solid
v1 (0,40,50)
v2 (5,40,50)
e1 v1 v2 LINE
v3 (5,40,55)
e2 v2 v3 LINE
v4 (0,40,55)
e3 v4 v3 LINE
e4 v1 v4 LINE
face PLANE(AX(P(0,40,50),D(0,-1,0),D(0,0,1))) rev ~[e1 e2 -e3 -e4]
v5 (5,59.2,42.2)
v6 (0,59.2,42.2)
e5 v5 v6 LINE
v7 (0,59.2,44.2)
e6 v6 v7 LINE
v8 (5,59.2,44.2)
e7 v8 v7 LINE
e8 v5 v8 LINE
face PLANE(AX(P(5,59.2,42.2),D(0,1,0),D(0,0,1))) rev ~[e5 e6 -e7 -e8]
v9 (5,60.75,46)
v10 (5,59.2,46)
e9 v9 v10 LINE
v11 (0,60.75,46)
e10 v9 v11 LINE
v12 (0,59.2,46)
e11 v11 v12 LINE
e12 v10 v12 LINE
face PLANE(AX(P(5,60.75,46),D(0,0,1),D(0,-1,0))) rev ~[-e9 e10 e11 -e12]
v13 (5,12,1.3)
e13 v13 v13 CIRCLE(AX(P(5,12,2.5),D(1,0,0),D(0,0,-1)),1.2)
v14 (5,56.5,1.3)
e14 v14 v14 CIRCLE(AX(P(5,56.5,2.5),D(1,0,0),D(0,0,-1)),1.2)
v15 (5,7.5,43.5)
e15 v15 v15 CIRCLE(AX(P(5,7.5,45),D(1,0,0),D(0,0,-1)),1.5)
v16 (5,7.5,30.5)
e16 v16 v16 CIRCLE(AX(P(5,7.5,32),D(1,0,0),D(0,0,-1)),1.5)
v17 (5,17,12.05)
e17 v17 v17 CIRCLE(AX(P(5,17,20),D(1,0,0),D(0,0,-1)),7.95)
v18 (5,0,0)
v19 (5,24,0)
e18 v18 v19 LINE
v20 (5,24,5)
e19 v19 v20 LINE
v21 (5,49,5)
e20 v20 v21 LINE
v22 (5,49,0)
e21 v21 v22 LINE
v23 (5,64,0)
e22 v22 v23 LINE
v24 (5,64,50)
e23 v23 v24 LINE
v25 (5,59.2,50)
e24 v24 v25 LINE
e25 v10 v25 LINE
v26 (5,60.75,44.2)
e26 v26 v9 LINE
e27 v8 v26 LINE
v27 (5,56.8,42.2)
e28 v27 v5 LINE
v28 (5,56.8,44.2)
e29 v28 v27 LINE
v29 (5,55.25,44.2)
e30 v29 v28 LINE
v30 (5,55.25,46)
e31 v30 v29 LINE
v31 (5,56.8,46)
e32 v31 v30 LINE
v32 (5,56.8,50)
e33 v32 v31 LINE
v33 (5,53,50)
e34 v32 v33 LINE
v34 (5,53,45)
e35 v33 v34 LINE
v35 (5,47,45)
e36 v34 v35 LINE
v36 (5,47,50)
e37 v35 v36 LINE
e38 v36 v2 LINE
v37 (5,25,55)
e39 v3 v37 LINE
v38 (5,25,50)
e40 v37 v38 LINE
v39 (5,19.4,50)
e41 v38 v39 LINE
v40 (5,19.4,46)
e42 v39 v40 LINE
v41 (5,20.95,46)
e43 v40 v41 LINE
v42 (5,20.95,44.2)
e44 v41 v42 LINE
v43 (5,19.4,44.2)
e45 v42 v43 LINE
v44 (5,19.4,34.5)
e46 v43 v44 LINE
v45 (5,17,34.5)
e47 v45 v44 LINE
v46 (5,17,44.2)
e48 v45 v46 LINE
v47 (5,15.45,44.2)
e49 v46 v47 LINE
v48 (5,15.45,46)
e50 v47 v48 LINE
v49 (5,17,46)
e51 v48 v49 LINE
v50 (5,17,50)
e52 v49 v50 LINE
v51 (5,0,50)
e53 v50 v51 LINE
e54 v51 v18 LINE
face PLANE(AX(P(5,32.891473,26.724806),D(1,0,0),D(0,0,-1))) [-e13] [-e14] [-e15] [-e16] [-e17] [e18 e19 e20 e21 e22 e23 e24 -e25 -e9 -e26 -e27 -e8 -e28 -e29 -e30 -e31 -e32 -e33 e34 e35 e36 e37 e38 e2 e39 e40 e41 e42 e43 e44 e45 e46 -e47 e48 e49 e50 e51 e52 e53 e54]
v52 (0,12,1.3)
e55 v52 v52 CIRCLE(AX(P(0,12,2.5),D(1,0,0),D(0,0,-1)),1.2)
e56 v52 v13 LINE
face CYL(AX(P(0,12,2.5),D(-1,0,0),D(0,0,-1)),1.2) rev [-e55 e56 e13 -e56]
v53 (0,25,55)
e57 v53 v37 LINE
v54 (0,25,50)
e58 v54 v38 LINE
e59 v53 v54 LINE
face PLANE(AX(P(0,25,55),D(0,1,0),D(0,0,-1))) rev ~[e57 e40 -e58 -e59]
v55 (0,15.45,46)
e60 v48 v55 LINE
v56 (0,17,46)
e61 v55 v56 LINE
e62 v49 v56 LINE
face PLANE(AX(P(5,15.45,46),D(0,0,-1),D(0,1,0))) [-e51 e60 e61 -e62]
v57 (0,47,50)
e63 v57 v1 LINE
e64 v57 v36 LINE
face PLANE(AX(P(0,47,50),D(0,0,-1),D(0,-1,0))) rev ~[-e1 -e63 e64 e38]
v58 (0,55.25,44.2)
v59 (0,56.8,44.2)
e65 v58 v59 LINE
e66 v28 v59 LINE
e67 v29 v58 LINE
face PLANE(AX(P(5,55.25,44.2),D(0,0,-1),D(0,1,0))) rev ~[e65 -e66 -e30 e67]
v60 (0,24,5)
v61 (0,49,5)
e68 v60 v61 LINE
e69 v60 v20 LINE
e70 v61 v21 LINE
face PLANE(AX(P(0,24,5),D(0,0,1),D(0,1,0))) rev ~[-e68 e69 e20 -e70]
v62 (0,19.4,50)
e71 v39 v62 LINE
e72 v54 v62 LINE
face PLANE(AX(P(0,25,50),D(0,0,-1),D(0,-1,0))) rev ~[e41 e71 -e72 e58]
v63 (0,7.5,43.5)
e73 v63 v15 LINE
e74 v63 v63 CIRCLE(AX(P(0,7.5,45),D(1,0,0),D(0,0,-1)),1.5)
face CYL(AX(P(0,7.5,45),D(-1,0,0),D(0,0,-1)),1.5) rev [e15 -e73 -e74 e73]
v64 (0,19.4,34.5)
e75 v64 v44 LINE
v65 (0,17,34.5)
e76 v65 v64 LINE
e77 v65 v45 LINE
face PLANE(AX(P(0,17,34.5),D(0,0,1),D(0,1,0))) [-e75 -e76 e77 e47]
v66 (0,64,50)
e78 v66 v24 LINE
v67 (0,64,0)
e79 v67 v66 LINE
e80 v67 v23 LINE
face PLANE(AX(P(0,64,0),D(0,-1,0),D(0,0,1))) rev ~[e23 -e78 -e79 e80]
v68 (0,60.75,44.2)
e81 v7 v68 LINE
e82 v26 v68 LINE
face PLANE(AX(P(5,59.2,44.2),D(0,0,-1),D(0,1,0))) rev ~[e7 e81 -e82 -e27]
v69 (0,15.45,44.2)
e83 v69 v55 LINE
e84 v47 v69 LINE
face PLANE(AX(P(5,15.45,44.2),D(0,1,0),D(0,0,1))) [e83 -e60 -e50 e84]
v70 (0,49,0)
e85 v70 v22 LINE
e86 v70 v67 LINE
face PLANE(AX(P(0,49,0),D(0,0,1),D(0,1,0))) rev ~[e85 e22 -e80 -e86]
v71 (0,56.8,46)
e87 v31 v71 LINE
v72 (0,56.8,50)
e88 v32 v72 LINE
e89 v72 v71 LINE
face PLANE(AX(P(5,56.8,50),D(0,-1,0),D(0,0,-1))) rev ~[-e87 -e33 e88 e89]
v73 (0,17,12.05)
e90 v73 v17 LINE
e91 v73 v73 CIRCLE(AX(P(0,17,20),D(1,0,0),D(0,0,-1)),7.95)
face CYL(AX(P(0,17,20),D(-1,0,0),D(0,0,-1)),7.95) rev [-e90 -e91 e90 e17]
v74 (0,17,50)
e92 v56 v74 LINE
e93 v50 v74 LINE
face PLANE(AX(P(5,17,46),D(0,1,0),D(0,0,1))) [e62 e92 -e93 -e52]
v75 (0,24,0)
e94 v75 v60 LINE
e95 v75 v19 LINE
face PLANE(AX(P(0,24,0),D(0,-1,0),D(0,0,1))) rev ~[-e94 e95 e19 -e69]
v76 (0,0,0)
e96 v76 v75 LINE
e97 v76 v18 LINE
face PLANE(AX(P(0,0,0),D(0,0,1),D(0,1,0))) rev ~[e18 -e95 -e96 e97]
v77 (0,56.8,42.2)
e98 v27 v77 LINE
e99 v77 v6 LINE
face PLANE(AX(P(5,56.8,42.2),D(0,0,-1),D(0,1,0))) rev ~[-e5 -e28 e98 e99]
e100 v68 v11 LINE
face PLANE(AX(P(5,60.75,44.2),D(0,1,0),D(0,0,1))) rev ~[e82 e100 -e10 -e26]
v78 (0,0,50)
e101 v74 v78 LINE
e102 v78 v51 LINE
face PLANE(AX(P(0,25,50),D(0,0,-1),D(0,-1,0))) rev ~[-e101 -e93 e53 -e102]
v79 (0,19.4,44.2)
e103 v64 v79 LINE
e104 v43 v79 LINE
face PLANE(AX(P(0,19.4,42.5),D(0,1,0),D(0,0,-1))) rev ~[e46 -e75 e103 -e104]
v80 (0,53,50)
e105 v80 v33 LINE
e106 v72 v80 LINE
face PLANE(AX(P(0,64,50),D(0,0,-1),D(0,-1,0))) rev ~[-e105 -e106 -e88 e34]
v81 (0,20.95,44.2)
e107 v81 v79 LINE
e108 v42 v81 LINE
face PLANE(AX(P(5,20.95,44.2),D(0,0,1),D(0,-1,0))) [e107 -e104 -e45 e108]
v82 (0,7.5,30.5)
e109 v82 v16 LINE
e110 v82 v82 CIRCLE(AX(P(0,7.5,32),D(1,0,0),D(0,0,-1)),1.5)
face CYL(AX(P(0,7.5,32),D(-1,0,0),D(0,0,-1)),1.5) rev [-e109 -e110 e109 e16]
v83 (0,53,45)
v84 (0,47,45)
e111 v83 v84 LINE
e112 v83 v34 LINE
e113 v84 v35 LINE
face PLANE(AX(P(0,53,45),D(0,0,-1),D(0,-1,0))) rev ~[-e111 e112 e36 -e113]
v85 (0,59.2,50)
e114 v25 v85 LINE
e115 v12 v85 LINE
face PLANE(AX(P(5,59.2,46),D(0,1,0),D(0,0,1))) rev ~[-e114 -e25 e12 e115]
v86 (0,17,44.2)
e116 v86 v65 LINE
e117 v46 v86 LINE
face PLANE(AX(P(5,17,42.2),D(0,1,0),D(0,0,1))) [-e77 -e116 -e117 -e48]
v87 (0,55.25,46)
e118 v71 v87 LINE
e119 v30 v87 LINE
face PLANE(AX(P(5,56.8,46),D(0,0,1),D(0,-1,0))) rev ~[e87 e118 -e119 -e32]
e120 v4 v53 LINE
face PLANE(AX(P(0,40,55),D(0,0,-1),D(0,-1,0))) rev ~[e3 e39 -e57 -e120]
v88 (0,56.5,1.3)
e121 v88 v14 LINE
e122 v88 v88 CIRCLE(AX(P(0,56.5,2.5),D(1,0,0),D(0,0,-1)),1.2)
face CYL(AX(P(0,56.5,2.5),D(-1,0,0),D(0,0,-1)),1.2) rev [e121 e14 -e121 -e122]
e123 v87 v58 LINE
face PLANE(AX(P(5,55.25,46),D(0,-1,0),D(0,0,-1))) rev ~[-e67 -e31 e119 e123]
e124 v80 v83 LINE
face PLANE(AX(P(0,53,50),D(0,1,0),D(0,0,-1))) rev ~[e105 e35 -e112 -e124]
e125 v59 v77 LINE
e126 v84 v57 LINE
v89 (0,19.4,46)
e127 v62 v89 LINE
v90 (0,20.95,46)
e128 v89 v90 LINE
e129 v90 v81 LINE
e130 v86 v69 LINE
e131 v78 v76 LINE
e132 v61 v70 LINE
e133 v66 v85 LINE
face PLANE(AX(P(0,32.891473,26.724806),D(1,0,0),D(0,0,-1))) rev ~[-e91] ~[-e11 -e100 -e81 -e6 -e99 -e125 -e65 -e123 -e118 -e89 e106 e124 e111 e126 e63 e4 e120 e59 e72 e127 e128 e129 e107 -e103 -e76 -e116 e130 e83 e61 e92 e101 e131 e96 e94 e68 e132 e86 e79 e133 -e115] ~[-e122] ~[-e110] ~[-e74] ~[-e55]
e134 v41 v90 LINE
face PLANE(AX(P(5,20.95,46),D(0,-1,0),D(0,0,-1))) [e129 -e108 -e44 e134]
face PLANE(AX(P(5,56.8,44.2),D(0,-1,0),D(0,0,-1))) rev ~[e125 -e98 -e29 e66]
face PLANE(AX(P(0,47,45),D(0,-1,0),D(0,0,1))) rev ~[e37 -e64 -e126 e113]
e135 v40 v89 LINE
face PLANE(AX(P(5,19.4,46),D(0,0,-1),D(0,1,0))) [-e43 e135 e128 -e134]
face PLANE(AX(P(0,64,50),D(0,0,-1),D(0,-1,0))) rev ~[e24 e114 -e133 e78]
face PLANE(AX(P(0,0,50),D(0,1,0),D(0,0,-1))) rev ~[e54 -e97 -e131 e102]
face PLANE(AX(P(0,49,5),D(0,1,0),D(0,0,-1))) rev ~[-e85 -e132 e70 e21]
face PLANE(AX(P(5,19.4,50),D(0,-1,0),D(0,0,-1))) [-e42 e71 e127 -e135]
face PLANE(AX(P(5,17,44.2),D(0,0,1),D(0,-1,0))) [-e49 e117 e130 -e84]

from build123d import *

# Parameters (mm, degrees)
SKETCH1_R           = 7.95
SKETCH1_R_2         = 1.5
SKETCH1_R_3         = 1.2
SKETCH1_W           = 8
SKETCH1_H           = 2.4
BOSS_EXTRUDE1_DEPTH = 5
CUT_EXTRUDE1_DEPTH  = 6


with BuildPart() as part:
    # Sketch1 → Boss-Extrude1 (new body)
    with BuildSketch(Plane(origin=(0, 0, 0), x_dir=(0, 0, -1), z_dir=(1, 0, 0))):
        Polygon((-50, 0), (0, 0), (0, 24), (-5, 24), (-5, 49), (0, 49), (0, 64), (-50, 64), (-50, 53), (-45, 53), (-45, 47), (-50, 47), (-50, 40), (-55, 40), (-55, 25), (-50, 25), align=None)
        with Locations((-20, 17)):
            Circle(SKETCH1_R, mode=Mode.SUBTRACT)
        with Locations((-45, 7.5)):
            Circle(SKETCH1_R_2, mode=Mode.SUBTRACT)
        with Locations((-32, 7.5)):
            Circle(SKETCH1_R_2, mode=Mode.SUBTRACT)
        with Locations((-2.5, 56.5)):
            Circle(SKETCH1_R_3, mode=Mode.SUBTRACT)
        with Locations((-2.5, 12)):
            Circle(SKETCH1_R_3, mode=Mode.SUBTRACT)
        with Locations((-38.5, 18.2)):
            Rectangle(SKETCH1_W, SKETCH1_H, mode=Mode.SUBTRACT)
    extrude(amount=BOSS_EXTRUDE1_DEPTH)

    # Sketch2 → Cut-Extrude1 (cut, through all)
    with BuildSketch(Plane(origin=(5, 0, 0), x_dir=(0, 0, -1), z_dir=(1, 0, 0))):
        Polygon((-50, 56.8), (-46, 56.8), (-46, 55.25), (-44.2, 55.25), (-44.2, 56.8), (-42.2, 56.8), (-42.2, 59.2), (-44.2, 59.2), (-44.2, 60.75), (-46, 60.75), (-46, 59.2), (-50, 59.2), align=None)
        Polygon((-44.2, 19.4), (-42.2, 19.4), (-42.2, 17), (-44.2, 17), (-44.2, 15.45), (-46, 15.45), (-46, 17), (-50, 17), (-50, 19.4), (-46, 19.4), (-46, 20.95), (-44.2, 20.95), align=None)
    extrude(amount=-CUT_EXTRUDE1_DEPTH, mode=Mode.SUBTRACT)


solid = part.part
